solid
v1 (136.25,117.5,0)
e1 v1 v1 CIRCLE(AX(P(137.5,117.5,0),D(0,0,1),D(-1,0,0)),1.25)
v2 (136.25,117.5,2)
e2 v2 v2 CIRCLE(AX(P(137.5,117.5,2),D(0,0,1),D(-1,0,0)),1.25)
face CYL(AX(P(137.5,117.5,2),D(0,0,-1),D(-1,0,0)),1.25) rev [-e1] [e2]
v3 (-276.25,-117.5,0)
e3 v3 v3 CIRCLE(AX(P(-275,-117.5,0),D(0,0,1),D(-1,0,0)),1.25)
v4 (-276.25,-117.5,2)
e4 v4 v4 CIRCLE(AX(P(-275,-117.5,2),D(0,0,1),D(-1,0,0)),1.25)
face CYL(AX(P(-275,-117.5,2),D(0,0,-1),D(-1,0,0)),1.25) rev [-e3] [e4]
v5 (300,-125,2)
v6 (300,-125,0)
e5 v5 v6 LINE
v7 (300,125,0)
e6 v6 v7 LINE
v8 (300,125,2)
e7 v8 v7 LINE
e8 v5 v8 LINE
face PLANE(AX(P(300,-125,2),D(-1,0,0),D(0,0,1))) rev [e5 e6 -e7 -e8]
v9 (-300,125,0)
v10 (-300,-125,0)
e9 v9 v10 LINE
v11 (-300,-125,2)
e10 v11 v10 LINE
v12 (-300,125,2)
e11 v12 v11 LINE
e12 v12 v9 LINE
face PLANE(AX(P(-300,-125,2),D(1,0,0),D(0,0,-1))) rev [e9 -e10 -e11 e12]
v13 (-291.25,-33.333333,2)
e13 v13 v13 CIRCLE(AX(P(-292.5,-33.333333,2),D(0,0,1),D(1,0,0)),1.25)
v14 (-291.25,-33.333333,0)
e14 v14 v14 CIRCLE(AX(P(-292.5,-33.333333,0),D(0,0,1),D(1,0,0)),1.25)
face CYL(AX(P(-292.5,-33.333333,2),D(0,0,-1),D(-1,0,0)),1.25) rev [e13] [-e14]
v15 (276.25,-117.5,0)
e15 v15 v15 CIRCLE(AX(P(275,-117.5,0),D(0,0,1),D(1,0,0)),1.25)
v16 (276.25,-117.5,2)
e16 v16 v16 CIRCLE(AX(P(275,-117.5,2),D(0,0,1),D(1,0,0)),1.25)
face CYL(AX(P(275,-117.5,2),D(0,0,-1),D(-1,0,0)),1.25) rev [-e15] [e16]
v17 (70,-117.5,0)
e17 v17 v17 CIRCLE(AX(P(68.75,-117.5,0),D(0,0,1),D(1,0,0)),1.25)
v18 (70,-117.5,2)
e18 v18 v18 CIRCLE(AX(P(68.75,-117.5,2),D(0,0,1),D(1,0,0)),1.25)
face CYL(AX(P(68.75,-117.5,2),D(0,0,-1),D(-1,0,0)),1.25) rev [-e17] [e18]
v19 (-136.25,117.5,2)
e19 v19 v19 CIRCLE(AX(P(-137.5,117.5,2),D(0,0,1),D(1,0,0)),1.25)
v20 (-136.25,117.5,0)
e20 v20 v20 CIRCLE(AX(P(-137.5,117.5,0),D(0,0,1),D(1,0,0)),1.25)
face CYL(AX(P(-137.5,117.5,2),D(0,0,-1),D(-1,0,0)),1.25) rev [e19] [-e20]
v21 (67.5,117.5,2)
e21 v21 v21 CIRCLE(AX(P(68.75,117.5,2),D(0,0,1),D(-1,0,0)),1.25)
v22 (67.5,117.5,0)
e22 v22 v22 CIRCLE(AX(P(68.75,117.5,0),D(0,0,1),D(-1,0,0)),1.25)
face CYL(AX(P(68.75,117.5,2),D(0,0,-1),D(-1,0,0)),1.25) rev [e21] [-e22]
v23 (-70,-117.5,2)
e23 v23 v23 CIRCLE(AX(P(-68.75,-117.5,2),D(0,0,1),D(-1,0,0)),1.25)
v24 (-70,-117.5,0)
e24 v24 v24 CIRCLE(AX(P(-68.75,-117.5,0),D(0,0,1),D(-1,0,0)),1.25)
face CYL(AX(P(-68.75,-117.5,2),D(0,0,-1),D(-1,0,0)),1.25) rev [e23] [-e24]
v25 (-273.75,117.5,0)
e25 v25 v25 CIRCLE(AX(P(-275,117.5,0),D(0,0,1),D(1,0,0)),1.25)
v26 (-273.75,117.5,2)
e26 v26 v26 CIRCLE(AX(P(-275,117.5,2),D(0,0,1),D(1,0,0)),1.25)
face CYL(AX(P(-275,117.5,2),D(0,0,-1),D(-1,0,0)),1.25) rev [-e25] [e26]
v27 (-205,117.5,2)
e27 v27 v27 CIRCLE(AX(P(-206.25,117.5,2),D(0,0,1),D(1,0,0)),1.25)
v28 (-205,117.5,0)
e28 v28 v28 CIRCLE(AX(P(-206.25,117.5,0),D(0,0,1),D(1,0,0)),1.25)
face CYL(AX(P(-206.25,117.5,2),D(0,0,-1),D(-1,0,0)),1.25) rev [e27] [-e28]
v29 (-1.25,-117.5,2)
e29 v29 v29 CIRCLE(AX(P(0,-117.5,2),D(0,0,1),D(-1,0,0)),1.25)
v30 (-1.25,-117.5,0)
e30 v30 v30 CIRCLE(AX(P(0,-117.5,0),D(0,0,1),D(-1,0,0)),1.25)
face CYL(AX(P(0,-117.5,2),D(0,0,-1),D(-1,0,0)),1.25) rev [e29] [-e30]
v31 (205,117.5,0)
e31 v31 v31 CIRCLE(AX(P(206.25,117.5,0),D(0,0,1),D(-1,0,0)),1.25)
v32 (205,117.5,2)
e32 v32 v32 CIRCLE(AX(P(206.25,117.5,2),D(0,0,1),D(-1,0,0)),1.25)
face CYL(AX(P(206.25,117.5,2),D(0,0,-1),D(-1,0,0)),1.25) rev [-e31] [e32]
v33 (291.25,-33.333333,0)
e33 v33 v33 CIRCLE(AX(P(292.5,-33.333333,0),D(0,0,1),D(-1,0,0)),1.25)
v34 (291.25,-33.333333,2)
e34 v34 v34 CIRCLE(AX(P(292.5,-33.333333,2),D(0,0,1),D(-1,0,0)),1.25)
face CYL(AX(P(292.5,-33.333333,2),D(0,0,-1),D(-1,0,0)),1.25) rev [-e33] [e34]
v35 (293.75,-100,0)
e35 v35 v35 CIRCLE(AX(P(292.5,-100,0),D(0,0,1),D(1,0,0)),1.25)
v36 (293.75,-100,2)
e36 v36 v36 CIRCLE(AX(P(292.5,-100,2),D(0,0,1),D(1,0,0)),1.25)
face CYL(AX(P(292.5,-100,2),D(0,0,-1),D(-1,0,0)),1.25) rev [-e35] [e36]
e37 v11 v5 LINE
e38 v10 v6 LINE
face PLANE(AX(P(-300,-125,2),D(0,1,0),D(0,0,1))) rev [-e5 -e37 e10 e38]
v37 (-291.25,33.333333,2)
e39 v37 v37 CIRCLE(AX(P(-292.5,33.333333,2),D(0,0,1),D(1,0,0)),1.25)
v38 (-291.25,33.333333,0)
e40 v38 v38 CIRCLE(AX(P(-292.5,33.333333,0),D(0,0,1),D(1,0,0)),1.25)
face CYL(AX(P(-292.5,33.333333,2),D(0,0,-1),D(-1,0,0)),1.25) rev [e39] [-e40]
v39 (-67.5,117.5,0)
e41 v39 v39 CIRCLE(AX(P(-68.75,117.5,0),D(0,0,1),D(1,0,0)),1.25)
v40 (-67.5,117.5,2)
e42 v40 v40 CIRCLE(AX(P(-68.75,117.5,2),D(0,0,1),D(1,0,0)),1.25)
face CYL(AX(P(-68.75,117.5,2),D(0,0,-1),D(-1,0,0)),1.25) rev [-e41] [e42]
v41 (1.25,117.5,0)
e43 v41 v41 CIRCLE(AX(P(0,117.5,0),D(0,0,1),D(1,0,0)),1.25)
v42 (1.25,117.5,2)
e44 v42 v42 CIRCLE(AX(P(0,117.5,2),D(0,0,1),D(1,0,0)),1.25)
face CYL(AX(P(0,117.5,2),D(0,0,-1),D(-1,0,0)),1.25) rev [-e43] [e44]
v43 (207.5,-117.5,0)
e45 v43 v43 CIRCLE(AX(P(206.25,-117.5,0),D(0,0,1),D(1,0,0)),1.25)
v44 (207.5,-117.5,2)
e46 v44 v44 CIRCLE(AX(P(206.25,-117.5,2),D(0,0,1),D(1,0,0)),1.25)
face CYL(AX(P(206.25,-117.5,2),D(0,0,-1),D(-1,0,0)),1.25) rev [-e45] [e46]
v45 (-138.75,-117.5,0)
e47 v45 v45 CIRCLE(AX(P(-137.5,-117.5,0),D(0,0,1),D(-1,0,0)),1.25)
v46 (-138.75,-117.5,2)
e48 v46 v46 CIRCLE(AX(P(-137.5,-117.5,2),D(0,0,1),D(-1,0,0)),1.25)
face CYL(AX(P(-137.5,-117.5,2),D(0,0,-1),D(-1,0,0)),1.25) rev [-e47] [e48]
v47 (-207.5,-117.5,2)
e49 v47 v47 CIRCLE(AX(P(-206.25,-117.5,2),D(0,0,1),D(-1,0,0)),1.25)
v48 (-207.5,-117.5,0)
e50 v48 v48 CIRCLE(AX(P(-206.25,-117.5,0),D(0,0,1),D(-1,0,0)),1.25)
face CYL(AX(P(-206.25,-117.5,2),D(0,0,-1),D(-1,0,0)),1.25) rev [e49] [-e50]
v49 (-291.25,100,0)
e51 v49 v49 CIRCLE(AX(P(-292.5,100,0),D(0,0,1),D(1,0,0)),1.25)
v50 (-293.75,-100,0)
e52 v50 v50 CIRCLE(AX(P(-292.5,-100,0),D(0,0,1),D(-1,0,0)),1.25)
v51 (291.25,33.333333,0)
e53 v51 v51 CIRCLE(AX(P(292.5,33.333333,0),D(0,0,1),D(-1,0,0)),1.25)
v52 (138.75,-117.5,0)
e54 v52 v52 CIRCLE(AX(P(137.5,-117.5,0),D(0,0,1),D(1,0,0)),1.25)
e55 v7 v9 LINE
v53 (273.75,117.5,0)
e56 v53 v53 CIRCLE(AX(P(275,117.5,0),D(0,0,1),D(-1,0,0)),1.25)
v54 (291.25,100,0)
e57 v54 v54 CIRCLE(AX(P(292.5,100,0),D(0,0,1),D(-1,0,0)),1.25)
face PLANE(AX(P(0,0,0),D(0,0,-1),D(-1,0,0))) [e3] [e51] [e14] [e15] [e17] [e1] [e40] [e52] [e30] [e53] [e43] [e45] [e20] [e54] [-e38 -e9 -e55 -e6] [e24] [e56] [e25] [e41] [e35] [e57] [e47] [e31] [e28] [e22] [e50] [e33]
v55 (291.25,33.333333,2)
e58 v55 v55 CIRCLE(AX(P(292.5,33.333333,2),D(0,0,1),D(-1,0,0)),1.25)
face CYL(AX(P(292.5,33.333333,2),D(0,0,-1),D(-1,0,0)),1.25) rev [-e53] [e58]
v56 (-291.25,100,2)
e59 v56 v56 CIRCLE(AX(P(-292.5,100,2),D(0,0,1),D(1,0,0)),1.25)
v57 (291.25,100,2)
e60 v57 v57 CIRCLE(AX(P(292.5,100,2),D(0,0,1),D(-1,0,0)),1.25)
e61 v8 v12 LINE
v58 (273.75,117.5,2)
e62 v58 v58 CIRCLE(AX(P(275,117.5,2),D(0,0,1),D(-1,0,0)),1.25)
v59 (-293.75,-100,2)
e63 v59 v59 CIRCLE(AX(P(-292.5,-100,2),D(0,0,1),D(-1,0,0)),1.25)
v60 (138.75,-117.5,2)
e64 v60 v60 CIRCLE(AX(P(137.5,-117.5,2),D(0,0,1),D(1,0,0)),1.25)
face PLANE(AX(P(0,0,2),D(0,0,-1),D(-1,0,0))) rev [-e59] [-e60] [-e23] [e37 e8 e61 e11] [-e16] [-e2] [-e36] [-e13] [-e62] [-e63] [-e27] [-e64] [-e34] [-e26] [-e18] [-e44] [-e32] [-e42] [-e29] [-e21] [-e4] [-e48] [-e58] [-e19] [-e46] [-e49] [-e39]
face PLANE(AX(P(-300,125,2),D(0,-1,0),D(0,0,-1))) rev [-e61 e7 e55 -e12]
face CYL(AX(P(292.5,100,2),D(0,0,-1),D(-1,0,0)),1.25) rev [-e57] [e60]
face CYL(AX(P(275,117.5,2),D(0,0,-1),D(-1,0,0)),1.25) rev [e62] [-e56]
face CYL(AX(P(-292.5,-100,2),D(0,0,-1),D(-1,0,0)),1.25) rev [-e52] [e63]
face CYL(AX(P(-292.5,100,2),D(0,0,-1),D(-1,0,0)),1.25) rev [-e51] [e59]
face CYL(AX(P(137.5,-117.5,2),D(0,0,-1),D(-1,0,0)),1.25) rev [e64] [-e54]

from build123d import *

# Parameters (mm, degrees)
CROQUIS2_W              = 600
CROQUIS2_H              = 250
SALIENTE_EXTRUIR1_DEPTH = 2
CROQUIS5_R              = 1.25
CORTAR_EXTRUIR3_DEPTH   = 3


with BuildPart() as part:
    # Croquis2 → Saliente-Extruir1 (new body)
    with BuildSketch(Plane.XY):
        Rectangle(CROQUIS2_W, CROQUIS2_H)
    extrude(amount=SALIENTE_EXTRUIR1_DEPTH)

    # Croquis5 → Cortar-Extruir3 (cut, through all)
    with BuildSketch(Plane.XY):
        with Locations((-292.5, 100)):
            Circle(CROQUIS5_R)
        with Locations((-292.5, -100)):
            Circle(CROQUIS5_R)
        with Locations((-292.5, 33.333333333)):
            Circle(CROQUIS5_R)
        with Locations((-292.5, -33.333333333)):
            Circle(CROQUIS5_R)
        with Locations((292.5, -33.333333333)):
            Circle(CROQUIS5_R)
        with Locations((292.5, 33.333333333)):
            Circle(CROQUIS5_R)
        with Locations((292.5, -100)):
            Circle(CROQUIS5_R)
        with Locations((292.5, 100)):
            Circle(CROQUIS5_R)
        with Locations((-275, 117.5)):
            Circle(CROQUIS5_R)
        with Locations((-206.25, 117.5)):
            Circle(CROQUIS5_R)
        with Locations((-137.5, 117.5)):
            Circle(CROQUIS5_R)
        with Locations((-68.75, 117.5)):
            Circle(CROQUIS5_R)
        with Locations((68.75, 117.5)):
            Circle(CROQUIS5_R)
        with Locations((137.5, 117.5)):
            Circle(CROQUIS5_R)
        with Locations((206.25, 117.5)):
            Circle(CROQUIS5_R)
        with Locations((275, 117.5)):
            Circle(CROQUIS5_R)
        with Locations((0, 117.5)):
            Circle(CROQUIS5_R)
        with Locations((0, -117.5)):
            Circle(CROQUIS5_R)
        with Locations((275, -117.5)):
            Circle(CROQUIS5_R)
        with Locations((206.25, -117.5)):
            Circle(CROQUIS5_R)
        with Locations((137.5, -117.5)):
            Circle(CROQUIS5_R)
        with Locations((68.75, -117.5)):
            Circle(CROQUIS5_R)
        with Locations((-68.75, -117.5)):
            Circle(CROQUIS5_R)
        with Locations((-137.5, -117.5)):
            Circle(CROQUIS5_R)
        with Locations((-206.25, -117.5)):
            Circle(CROQUIS5_R)
        with Locations((-275, -117.5)):
            Circle(CROQUIS5_R)
    extrude(amount=CORTAR_EXTRUIR3_DEPTH, mode=Mode.SUBTRACT)


solid = part.part
